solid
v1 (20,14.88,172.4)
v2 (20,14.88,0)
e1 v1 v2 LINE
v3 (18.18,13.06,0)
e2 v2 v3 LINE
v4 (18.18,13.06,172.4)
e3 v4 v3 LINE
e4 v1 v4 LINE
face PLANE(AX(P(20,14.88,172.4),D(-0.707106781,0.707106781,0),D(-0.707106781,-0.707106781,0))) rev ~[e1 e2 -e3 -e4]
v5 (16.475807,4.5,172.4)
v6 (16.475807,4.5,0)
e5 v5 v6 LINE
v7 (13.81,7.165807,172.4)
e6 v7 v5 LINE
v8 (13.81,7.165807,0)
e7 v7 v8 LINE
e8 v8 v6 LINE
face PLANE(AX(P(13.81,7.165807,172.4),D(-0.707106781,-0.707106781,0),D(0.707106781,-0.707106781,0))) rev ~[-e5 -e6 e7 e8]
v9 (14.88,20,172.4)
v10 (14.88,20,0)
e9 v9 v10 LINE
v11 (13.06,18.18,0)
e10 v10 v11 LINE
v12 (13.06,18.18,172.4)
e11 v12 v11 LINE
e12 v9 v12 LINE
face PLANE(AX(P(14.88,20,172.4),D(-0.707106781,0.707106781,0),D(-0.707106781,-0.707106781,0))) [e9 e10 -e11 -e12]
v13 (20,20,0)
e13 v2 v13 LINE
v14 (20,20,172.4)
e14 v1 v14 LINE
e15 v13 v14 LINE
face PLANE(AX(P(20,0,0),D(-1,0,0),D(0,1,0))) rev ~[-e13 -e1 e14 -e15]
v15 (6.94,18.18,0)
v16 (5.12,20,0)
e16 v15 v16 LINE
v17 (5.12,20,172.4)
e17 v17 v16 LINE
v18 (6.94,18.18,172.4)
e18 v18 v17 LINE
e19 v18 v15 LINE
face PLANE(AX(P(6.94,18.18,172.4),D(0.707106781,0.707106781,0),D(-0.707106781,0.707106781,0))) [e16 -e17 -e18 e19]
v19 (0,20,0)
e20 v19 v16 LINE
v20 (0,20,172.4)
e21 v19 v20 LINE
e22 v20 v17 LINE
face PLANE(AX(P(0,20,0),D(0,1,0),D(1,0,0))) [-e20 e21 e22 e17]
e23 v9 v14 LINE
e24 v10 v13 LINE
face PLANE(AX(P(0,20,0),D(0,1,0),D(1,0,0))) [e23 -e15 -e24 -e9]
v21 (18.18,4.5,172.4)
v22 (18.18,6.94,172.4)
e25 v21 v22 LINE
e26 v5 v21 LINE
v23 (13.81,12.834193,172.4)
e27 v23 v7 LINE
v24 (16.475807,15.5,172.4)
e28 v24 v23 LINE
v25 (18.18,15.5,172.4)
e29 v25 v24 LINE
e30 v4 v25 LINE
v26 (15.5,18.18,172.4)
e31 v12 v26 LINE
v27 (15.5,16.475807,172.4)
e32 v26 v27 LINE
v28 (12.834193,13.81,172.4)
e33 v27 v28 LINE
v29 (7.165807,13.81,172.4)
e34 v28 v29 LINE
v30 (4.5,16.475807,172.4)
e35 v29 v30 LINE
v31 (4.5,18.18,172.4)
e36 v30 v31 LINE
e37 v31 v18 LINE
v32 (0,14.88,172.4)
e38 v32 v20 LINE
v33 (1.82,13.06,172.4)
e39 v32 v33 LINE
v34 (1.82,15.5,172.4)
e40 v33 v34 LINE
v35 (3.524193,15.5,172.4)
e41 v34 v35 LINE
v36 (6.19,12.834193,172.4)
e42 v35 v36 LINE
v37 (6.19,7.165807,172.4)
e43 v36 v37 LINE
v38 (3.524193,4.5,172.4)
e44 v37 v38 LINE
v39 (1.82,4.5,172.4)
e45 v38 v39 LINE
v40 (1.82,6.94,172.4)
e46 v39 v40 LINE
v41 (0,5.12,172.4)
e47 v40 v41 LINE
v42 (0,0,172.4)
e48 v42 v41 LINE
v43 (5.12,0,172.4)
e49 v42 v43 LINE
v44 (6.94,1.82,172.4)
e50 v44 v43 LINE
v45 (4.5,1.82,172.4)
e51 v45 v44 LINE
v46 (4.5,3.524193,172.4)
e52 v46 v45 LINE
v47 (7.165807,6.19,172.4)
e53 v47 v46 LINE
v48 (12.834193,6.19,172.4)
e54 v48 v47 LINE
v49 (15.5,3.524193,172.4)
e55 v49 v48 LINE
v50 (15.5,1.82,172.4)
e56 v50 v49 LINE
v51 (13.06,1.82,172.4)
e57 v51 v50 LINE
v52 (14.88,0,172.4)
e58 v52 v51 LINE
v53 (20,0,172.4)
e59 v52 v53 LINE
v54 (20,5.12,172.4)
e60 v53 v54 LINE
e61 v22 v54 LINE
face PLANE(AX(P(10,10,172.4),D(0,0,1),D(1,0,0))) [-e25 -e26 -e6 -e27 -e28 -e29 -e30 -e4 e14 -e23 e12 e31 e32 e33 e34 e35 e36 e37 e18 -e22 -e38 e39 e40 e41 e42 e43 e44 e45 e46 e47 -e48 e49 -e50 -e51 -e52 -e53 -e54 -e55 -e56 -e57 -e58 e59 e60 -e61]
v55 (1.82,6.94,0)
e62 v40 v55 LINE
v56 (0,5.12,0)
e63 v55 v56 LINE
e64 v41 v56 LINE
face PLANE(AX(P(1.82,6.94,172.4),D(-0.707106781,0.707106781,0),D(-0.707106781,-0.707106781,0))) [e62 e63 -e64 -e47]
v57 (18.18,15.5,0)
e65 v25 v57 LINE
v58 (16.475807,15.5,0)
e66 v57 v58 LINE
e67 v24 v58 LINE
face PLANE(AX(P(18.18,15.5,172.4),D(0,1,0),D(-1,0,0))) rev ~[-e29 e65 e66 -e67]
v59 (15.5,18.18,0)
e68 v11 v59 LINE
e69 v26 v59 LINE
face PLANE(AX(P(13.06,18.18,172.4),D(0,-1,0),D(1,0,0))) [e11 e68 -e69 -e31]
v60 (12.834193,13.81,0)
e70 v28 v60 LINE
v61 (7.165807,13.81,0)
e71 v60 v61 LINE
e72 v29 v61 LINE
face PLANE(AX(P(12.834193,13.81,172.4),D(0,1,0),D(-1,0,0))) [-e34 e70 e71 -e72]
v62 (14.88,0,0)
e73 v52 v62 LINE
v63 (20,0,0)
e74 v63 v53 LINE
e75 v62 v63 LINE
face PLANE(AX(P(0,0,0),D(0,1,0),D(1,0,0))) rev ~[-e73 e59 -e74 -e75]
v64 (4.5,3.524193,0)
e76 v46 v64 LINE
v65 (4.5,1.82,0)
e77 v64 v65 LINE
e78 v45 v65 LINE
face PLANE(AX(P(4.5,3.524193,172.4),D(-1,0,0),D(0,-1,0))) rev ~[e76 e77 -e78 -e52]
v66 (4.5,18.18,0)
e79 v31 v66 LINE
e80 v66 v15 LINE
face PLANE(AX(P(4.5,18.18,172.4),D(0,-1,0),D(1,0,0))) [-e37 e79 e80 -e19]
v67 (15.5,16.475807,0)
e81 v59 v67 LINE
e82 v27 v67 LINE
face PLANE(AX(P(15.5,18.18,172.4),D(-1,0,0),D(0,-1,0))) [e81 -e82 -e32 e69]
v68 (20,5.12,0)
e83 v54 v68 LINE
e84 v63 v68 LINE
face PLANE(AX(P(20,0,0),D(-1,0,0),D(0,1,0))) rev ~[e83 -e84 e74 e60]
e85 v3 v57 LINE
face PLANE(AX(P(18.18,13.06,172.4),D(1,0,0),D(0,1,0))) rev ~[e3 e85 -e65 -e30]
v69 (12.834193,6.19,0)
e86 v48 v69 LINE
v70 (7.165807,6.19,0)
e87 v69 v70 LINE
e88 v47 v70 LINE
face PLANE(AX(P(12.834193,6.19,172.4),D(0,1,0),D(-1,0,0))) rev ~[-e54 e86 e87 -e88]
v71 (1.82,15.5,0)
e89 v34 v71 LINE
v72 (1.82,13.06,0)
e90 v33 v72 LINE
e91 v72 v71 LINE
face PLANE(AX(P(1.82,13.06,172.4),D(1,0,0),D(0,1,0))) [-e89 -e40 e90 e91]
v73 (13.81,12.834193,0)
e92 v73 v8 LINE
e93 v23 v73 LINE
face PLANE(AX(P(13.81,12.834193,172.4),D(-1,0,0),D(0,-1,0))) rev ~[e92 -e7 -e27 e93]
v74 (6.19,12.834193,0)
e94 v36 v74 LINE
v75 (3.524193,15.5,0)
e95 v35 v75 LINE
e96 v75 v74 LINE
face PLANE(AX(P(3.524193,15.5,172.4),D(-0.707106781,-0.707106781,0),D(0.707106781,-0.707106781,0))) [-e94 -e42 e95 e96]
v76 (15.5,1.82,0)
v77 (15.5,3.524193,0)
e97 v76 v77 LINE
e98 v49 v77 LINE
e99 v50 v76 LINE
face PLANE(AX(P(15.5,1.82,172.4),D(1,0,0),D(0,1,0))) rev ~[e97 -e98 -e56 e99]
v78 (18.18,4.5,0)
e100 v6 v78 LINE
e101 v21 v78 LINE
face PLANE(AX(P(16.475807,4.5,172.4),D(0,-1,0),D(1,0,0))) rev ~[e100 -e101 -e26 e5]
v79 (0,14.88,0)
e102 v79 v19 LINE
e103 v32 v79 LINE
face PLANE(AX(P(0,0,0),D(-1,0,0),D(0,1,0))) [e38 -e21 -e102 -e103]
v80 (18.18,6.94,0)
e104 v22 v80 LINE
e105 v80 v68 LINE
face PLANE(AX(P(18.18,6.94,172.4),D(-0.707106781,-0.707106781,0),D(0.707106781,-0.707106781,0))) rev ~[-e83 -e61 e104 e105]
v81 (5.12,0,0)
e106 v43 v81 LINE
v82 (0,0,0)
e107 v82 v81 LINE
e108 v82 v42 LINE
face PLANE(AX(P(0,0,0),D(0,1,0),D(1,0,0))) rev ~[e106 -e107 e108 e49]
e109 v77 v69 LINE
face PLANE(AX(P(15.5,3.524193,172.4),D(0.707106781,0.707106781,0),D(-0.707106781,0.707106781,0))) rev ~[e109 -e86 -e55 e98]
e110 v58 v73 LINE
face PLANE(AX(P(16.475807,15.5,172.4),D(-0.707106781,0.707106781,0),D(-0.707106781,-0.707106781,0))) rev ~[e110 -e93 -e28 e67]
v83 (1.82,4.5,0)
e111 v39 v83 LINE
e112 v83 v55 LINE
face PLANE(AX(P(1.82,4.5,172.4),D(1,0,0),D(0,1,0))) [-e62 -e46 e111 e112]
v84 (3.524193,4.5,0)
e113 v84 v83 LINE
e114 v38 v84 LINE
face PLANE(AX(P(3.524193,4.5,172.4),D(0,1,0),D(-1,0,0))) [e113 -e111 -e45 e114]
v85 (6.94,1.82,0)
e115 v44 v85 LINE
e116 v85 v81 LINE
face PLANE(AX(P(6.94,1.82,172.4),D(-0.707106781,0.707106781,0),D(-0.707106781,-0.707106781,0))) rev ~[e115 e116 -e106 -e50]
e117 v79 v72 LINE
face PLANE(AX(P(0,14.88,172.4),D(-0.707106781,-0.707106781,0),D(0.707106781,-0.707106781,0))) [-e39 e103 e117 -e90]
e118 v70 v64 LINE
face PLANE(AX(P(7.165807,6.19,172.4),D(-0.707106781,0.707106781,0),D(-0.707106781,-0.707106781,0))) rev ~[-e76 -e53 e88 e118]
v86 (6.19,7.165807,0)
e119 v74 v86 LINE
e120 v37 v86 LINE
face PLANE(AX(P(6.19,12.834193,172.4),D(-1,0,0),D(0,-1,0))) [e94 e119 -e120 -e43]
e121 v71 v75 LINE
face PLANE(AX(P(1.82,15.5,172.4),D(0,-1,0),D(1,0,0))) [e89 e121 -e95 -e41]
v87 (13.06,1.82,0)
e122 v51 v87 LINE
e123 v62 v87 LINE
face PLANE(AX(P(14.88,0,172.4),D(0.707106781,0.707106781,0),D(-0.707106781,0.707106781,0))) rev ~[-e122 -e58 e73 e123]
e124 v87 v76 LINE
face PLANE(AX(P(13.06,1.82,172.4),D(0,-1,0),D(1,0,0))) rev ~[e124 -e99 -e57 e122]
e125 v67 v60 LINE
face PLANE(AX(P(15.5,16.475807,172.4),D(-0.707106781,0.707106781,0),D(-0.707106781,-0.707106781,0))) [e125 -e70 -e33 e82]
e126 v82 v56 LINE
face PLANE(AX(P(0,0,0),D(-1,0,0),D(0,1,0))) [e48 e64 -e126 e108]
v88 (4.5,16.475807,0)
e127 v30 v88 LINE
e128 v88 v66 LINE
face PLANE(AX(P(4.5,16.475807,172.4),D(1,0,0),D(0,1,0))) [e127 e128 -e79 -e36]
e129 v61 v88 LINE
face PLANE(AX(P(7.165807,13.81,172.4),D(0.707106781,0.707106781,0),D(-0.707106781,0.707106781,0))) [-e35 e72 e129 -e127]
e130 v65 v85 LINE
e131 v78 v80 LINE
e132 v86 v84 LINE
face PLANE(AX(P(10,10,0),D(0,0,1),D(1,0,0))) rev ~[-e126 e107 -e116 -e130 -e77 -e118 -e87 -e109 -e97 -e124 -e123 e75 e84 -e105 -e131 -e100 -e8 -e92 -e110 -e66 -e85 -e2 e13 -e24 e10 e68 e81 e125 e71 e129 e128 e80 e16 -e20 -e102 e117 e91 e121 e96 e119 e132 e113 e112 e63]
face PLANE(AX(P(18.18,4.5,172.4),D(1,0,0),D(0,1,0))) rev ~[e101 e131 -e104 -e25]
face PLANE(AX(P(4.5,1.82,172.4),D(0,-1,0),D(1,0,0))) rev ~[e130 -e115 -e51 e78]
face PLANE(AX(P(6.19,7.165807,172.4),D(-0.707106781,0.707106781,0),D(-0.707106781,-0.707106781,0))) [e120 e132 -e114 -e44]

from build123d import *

# Parameters (mm, degrees)
SKETCH1_W           = 20
SKETCH1_H           = 20
BOSS_EXTRUDE1_DEPTH = 172.4
CUT_EXTRUDE1_DEPTH  = 175.704779557


with BuildPart() as part:
    # Sketch1 → Boss-Extrude1 (new body)
    with BuildSketch(Plane.XY):
        with Locations((10, 10)):
            Rectangle(SKETCH1_W, SKETCH1_H)
    extrude(amount=BOSS_EXTRUDE1_DEPTH)

    # Sketch2 → Cut-Extrude1 (cut, through all)
    with BuildSketch(Plane.XY.offset(172.4)):
        Polygon((4.5, 18.18), (6.94, 18.18), (5.12, 20), (14.88, 20), (13.06, 18.18), (15.5, 18.18), (15.5, 16.475807358), (12.834192642, 13.81), (7.165807358, 13.81), (4.5, 16.475807358), align=None)
        Polygon((14.88, 0), (13.06, 1.82), (15.5, 1.82), (15.5, 3.524192642), (12.834192642, 6.19), (7.165807358, 6.19), (4.5, 3.524192642), (4.5, 1.82), (6.94, 1.82), (5.12, 0), align=None)
        Polygon((1.82, 4.5), (1.82, 6.94), (0, 5.12), (0, 14.88), (1.82, 13.06), (1.82, 15.5), (3.524192642, 15.5), (6.19, 12.834192642), (6.19, 7.165807358), (3.524192642, 4.5), align=None)
        Polygon((20, 14.88), (18.18, 13.06), (18.18, 15.5), (16.475807358, 15.5), (13.81, 12.834192642), (13.81, 7.165807358), (16.475807358, 4.5), (18.18, 4.5), (18.18, 6.94), (20, 5.12), align=None)
    extrude(amount=-CUT_EXTRUDE1_DEPTH, mode=Mode.SUBTRACT)


solid = part.part
